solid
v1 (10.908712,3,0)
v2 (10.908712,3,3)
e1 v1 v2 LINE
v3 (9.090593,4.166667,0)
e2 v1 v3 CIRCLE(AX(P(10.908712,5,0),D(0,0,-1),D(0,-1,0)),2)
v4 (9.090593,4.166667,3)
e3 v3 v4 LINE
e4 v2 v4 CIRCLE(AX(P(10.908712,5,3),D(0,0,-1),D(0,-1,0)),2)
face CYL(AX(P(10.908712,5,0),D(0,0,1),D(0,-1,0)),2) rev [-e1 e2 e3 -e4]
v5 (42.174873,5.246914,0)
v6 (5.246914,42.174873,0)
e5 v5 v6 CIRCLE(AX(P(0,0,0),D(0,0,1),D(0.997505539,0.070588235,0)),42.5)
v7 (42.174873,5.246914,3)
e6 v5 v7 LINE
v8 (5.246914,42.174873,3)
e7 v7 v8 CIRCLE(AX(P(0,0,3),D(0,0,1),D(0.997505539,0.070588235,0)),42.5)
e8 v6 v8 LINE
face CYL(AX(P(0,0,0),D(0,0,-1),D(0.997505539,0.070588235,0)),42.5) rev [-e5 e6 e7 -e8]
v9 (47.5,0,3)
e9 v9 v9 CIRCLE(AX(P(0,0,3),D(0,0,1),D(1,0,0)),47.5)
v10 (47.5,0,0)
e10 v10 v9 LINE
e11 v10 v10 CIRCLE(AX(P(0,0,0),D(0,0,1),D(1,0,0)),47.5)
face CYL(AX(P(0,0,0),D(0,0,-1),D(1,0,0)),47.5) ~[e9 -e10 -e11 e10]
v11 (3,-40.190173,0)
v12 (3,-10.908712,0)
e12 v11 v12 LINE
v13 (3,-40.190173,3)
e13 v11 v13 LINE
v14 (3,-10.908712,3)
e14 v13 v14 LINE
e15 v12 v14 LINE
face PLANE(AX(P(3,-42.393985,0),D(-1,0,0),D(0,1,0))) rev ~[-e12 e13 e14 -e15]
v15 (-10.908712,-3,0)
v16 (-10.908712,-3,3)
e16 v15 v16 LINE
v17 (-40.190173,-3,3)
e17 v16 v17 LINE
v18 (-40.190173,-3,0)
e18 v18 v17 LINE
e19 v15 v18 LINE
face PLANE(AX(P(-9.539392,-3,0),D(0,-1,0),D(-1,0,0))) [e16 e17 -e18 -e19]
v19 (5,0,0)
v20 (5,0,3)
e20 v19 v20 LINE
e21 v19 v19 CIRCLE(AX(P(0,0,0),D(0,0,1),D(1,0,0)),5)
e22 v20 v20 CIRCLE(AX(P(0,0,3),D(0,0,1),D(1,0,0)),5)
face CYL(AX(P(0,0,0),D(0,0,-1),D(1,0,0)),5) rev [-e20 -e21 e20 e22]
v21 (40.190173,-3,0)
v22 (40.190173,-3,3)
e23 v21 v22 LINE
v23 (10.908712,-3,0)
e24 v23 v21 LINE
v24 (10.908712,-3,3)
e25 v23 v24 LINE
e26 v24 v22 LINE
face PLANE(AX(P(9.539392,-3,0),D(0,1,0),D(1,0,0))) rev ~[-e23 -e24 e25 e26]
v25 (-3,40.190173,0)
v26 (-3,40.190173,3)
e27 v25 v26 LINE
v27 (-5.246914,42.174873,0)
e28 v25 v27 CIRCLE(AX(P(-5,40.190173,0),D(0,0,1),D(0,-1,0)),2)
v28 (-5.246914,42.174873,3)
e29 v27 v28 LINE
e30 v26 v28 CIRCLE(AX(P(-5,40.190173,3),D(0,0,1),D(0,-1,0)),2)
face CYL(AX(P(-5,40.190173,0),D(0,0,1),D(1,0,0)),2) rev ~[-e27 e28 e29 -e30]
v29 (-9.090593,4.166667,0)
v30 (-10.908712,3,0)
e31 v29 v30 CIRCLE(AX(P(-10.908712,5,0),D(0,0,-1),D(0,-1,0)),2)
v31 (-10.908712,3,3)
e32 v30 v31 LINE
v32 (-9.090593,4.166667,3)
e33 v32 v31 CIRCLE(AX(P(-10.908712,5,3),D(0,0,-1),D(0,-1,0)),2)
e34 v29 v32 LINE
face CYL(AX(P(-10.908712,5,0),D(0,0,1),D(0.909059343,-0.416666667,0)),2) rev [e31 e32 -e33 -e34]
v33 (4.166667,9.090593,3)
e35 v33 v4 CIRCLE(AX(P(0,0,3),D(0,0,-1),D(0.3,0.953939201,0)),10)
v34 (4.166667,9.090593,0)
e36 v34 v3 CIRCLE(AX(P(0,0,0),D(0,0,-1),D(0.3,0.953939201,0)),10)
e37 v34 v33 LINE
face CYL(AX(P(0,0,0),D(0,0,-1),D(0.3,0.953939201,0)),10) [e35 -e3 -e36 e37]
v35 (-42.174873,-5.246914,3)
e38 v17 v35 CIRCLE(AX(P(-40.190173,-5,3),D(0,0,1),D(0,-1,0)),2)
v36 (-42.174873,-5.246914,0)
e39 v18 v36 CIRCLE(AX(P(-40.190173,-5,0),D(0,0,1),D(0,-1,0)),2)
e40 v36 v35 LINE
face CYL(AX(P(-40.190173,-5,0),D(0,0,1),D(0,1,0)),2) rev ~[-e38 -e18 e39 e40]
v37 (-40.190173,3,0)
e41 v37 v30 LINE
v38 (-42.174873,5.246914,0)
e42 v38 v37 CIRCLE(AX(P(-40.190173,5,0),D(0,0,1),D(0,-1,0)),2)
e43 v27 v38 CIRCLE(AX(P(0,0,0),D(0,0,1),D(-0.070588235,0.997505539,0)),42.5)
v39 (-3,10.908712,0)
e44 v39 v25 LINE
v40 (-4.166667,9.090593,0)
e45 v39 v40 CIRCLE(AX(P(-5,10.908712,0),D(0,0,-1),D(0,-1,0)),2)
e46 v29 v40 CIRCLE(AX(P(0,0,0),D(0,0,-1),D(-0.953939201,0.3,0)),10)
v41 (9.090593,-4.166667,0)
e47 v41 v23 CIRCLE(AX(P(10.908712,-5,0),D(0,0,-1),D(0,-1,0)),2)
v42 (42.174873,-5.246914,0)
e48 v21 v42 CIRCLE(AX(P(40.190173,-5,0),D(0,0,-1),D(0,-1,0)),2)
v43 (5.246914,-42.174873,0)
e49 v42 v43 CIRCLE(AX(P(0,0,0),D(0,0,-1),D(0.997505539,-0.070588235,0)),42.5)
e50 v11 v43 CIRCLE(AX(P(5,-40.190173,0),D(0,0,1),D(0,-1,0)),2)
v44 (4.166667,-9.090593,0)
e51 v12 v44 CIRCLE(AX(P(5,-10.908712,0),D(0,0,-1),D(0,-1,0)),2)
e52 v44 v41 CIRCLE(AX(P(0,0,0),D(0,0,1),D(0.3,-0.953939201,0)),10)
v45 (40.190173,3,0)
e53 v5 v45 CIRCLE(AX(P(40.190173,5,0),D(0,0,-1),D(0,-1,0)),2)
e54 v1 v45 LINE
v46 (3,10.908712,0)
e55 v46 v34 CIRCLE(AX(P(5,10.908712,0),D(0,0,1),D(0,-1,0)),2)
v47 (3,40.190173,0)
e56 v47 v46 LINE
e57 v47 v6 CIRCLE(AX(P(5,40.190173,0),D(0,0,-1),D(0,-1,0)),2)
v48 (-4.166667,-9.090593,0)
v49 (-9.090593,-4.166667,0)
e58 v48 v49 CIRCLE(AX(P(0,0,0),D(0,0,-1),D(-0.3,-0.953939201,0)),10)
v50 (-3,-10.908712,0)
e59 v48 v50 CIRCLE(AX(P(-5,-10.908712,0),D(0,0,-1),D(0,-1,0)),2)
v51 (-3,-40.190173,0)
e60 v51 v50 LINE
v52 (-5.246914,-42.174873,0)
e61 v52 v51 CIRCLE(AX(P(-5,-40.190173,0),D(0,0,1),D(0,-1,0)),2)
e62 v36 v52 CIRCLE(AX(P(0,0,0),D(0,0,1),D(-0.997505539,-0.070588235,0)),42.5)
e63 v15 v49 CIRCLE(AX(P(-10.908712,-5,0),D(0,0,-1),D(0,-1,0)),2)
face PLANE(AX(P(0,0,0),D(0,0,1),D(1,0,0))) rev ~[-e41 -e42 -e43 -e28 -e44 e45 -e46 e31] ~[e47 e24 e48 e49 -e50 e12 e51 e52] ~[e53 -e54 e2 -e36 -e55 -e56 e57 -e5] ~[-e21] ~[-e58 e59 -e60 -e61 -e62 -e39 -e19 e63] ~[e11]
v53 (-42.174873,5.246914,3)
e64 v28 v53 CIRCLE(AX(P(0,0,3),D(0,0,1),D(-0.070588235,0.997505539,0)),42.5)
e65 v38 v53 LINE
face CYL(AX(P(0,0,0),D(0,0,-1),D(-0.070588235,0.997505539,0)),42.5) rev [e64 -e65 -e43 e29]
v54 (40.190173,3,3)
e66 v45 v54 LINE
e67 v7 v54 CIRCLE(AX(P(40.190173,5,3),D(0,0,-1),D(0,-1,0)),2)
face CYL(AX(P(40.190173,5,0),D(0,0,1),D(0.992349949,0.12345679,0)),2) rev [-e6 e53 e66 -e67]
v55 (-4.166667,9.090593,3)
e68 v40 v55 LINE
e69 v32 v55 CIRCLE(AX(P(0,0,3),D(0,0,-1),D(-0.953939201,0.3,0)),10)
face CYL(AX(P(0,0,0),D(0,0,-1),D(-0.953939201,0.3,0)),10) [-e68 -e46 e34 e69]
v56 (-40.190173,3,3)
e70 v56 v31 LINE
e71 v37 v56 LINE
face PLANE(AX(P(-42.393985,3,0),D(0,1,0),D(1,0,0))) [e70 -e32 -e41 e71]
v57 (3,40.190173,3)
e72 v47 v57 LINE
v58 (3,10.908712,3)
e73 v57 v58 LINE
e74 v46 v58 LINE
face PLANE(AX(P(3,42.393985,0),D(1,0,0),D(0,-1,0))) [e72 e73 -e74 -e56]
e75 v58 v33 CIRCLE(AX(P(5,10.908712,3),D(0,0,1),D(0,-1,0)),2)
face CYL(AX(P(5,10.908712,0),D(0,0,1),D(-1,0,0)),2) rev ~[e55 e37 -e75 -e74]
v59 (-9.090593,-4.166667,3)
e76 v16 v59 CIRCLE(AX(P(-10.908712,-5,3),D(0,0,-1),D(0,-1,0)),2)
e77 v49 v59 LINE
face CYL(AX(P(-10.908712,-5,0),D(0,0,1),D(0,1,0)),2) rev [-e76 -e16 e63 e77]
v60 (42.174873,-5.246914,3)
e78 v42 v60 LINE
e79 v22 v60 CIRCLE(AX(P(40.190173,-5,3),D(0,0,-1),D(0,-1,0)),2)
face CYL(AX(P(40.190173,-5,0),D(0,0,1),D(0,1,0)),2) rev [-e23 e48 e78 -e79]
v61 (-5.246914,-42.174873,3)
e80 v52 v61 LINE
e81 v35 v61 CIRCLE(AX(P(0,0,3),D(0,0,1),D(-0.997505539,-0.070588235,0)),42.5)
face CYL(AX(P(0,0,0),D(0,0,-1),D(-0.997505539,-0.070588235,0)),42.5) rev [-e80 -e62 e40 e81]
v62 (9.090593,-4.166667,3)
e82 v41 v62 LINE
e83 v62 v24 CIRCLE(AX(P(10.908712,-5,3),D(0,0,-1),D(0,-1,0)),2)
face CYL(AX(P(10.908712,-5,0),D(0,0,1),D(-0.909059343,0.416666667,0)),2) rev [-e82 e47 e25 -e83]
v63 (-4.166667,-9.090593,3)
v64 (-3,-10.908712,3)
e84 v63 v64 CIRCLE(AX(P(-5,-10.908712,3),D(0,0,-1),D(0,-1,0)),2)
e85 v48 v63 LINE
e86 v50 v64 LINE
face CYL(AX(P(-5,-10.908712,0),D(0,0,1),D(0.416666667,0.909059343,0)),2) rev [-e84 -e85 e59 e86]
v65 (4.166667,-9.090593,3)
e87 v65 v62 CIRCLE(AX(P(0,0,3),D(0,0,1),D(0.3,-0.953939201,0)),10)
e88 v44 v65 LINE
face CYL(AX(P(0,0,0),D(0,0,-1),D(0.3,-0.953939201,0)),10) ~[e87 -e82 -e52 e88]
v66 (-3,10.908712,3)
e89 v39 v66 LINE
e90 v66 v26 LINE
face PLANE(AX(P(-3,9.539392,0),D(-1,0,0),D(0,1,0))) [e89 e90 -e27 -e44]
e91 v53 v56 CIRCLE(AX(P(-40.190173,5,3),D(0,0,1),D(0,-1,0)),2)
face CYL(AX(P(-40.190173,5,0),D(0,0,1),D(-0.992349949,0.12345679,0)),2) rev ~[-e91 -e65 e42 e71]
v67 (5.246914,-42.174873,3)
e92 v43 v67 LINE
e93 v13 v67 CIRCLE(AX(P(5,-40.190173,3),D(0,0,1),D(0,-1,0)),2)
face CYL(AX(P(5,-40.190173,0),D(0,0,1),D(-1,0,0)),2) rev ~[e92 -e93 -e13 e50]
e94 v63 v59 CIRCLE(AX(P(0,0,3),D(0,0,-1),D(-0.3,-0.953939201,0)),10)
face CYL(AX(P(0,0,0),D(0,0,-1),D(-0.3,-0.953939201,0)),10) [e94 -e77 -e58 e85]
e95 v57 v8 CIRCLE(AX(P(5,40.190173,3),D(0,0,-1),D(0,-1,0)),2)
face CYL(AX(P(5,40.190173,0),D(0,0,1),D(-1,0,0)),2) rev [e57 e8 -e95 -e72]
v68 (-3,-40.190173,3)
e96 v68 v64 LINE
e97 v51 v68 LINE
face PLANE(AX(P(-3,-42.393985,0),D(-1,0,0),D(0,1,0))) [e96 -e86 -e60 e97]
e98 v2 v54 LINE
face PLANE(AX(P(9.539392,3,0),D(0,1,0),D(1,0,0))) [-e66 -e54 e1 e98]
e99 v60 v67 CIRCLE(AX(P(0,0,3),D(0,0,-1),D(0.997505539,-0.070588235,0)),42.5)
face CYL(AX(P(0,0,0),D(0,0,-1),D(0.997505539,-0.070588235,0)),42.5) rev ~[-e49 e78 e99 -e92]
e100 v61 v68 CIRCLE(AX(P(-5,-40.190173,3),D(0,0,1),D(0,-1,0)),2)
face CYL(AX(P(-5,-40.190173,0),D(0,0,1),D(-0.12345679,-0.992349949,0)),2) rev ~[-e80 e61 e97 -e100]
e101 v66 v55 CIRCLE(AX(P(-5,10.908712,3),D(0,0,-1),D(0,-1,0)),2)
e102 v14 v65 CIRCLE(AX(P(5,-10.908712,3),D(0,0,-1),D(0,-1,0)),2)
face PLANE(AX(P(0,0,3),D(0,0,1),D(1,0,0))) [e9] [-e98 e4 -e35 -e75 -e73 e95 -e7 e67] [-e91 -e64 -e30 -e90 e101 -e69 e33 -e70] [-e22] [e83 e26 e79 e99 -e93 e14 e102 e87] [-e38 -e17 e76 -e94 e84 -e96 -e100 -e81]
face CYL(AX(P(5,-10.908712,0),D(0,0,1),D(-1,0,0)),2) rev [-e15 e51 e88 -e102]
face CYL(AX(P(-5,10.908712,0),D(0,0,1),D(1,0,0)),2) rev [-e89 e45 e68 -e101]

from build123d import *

# Parameters (mm, degrees)
SKETCH_1_R      = 47.5
SKETCH_1_R_2    = 5
EXTRUDE_1_DEPTH = 3
FILLET_1_R      = 2
FILLET_2_R      = 2
FILLET_4_R      = 2


with BuildPart() as part:
    # 草图1 → 凸台-拉伸1 (new body)
    with BuildSketch(Plane.XY):
        Circle(SKETCH_1_R)
        Circle(SKETCH_1_R_2, mode=Mode.SUBTRACT)
        with BuildLine():
            Line((3, 42.393985422), (3, 9.539392014))
            ThreePointArc((3, 9.539392014), (7.071067812, 7.071067812), (9.539392014, 3))
            Line((9.539392014, 3), (42.393985422, 3))
            ThreePointArc((42.393985422, 3), (30.0520382, 30.0520382), (3, 42.393985422))
        make_face(mode=Mode.SUBTRACT)
        with BuildLine():
            Line((-9.539392014, -3), (-42.393985422, -3))
            ThreePointArc((-42.393985422, -3), (-30.0520382, -30.0520382), (-3, -42.393985422))
            Line((-3, -42.393985422), (-3, -9.539392014))
            ThreePointArc((-3, -9.539392014), (-7.071067812, -7.071067812), (-9.539392014, -3))
        make_face(mode=Mode.SUBTRACT)
        with BuildLine():
            Line((9.539392014, -3), (42.393985422, -3))
            ThreePointArc((42.393985422, -3), (30.0520382, -30.0520382), (3, -42.393985422))
            Line((3, -42.393985422), (3, -9.539392014))
            ThreePointArc((3, -9.539392014), (7.071067812, -7.071067812), (9.539392014, -3))
        make_face(mode=Mode.SUBTRACT)
        with BuildLine():
            Line((-3, 9.539392014), (-3, 42.393985422))
            ThreePointArc((-3, 42.393985422), (-30.0520382, 30.0520382), (-42.393985422, 3))
            Line((-42.393985422, 3), (-9.539392014, 3))
            ThreePointArc((-9.539392014, 3), (-7.071067812, 7.071067812), (-3, 9.539392014))
        make_face(mode=Mode.SUBTRACT)
    extrude(amount=EXTRUDE_1_DEPTH)

    # 圆角1
    fillet_1_edges = [part.edges().sort_by_distance(p)[0] for p in [
        (3, 42.393985422, 1.5),
    ]]
    fillet(fillet_1_edges, radius=FILLET_1_R)

    # 圆角2
    fillet_2_edges = [part.edges().sort_by_distance(p)[0] for p in [
        (42.393985422, 3, 1.5),
        (3, -42.393985422, 1.5),
        (42.393985422, -3, 1.5),
        (-42.393985422, -3, 1.5),
        (-3, -42.393985422, 1.5),
        (-3, 42.393985422, 1.5),
        (-42.393985422, 3, 1.5),
    ]]
    fillet(fillet_2_edges, radius=FILLET_2_R)

    # 圆角4
    fillet_4_edges = [part.edges().sort_by_distance(p)[0] for p in [
        (3, 9.539392014, 1.5),
        (9.539392014, 3, 1.5),
        (9.539392014, -3, 1.5),
        (3, -9.539392014, 1.5),
        (-3, -9.539392014, 1.5),
        (-9.539392014, -3, 1.5),
        (-9.539392014, 3, 1.5),
        (-3, 9.539392014, 1.5),
    ]]
    fillet(fillet_4_edges, radius=FILLET_4_R)


solid = part.part
